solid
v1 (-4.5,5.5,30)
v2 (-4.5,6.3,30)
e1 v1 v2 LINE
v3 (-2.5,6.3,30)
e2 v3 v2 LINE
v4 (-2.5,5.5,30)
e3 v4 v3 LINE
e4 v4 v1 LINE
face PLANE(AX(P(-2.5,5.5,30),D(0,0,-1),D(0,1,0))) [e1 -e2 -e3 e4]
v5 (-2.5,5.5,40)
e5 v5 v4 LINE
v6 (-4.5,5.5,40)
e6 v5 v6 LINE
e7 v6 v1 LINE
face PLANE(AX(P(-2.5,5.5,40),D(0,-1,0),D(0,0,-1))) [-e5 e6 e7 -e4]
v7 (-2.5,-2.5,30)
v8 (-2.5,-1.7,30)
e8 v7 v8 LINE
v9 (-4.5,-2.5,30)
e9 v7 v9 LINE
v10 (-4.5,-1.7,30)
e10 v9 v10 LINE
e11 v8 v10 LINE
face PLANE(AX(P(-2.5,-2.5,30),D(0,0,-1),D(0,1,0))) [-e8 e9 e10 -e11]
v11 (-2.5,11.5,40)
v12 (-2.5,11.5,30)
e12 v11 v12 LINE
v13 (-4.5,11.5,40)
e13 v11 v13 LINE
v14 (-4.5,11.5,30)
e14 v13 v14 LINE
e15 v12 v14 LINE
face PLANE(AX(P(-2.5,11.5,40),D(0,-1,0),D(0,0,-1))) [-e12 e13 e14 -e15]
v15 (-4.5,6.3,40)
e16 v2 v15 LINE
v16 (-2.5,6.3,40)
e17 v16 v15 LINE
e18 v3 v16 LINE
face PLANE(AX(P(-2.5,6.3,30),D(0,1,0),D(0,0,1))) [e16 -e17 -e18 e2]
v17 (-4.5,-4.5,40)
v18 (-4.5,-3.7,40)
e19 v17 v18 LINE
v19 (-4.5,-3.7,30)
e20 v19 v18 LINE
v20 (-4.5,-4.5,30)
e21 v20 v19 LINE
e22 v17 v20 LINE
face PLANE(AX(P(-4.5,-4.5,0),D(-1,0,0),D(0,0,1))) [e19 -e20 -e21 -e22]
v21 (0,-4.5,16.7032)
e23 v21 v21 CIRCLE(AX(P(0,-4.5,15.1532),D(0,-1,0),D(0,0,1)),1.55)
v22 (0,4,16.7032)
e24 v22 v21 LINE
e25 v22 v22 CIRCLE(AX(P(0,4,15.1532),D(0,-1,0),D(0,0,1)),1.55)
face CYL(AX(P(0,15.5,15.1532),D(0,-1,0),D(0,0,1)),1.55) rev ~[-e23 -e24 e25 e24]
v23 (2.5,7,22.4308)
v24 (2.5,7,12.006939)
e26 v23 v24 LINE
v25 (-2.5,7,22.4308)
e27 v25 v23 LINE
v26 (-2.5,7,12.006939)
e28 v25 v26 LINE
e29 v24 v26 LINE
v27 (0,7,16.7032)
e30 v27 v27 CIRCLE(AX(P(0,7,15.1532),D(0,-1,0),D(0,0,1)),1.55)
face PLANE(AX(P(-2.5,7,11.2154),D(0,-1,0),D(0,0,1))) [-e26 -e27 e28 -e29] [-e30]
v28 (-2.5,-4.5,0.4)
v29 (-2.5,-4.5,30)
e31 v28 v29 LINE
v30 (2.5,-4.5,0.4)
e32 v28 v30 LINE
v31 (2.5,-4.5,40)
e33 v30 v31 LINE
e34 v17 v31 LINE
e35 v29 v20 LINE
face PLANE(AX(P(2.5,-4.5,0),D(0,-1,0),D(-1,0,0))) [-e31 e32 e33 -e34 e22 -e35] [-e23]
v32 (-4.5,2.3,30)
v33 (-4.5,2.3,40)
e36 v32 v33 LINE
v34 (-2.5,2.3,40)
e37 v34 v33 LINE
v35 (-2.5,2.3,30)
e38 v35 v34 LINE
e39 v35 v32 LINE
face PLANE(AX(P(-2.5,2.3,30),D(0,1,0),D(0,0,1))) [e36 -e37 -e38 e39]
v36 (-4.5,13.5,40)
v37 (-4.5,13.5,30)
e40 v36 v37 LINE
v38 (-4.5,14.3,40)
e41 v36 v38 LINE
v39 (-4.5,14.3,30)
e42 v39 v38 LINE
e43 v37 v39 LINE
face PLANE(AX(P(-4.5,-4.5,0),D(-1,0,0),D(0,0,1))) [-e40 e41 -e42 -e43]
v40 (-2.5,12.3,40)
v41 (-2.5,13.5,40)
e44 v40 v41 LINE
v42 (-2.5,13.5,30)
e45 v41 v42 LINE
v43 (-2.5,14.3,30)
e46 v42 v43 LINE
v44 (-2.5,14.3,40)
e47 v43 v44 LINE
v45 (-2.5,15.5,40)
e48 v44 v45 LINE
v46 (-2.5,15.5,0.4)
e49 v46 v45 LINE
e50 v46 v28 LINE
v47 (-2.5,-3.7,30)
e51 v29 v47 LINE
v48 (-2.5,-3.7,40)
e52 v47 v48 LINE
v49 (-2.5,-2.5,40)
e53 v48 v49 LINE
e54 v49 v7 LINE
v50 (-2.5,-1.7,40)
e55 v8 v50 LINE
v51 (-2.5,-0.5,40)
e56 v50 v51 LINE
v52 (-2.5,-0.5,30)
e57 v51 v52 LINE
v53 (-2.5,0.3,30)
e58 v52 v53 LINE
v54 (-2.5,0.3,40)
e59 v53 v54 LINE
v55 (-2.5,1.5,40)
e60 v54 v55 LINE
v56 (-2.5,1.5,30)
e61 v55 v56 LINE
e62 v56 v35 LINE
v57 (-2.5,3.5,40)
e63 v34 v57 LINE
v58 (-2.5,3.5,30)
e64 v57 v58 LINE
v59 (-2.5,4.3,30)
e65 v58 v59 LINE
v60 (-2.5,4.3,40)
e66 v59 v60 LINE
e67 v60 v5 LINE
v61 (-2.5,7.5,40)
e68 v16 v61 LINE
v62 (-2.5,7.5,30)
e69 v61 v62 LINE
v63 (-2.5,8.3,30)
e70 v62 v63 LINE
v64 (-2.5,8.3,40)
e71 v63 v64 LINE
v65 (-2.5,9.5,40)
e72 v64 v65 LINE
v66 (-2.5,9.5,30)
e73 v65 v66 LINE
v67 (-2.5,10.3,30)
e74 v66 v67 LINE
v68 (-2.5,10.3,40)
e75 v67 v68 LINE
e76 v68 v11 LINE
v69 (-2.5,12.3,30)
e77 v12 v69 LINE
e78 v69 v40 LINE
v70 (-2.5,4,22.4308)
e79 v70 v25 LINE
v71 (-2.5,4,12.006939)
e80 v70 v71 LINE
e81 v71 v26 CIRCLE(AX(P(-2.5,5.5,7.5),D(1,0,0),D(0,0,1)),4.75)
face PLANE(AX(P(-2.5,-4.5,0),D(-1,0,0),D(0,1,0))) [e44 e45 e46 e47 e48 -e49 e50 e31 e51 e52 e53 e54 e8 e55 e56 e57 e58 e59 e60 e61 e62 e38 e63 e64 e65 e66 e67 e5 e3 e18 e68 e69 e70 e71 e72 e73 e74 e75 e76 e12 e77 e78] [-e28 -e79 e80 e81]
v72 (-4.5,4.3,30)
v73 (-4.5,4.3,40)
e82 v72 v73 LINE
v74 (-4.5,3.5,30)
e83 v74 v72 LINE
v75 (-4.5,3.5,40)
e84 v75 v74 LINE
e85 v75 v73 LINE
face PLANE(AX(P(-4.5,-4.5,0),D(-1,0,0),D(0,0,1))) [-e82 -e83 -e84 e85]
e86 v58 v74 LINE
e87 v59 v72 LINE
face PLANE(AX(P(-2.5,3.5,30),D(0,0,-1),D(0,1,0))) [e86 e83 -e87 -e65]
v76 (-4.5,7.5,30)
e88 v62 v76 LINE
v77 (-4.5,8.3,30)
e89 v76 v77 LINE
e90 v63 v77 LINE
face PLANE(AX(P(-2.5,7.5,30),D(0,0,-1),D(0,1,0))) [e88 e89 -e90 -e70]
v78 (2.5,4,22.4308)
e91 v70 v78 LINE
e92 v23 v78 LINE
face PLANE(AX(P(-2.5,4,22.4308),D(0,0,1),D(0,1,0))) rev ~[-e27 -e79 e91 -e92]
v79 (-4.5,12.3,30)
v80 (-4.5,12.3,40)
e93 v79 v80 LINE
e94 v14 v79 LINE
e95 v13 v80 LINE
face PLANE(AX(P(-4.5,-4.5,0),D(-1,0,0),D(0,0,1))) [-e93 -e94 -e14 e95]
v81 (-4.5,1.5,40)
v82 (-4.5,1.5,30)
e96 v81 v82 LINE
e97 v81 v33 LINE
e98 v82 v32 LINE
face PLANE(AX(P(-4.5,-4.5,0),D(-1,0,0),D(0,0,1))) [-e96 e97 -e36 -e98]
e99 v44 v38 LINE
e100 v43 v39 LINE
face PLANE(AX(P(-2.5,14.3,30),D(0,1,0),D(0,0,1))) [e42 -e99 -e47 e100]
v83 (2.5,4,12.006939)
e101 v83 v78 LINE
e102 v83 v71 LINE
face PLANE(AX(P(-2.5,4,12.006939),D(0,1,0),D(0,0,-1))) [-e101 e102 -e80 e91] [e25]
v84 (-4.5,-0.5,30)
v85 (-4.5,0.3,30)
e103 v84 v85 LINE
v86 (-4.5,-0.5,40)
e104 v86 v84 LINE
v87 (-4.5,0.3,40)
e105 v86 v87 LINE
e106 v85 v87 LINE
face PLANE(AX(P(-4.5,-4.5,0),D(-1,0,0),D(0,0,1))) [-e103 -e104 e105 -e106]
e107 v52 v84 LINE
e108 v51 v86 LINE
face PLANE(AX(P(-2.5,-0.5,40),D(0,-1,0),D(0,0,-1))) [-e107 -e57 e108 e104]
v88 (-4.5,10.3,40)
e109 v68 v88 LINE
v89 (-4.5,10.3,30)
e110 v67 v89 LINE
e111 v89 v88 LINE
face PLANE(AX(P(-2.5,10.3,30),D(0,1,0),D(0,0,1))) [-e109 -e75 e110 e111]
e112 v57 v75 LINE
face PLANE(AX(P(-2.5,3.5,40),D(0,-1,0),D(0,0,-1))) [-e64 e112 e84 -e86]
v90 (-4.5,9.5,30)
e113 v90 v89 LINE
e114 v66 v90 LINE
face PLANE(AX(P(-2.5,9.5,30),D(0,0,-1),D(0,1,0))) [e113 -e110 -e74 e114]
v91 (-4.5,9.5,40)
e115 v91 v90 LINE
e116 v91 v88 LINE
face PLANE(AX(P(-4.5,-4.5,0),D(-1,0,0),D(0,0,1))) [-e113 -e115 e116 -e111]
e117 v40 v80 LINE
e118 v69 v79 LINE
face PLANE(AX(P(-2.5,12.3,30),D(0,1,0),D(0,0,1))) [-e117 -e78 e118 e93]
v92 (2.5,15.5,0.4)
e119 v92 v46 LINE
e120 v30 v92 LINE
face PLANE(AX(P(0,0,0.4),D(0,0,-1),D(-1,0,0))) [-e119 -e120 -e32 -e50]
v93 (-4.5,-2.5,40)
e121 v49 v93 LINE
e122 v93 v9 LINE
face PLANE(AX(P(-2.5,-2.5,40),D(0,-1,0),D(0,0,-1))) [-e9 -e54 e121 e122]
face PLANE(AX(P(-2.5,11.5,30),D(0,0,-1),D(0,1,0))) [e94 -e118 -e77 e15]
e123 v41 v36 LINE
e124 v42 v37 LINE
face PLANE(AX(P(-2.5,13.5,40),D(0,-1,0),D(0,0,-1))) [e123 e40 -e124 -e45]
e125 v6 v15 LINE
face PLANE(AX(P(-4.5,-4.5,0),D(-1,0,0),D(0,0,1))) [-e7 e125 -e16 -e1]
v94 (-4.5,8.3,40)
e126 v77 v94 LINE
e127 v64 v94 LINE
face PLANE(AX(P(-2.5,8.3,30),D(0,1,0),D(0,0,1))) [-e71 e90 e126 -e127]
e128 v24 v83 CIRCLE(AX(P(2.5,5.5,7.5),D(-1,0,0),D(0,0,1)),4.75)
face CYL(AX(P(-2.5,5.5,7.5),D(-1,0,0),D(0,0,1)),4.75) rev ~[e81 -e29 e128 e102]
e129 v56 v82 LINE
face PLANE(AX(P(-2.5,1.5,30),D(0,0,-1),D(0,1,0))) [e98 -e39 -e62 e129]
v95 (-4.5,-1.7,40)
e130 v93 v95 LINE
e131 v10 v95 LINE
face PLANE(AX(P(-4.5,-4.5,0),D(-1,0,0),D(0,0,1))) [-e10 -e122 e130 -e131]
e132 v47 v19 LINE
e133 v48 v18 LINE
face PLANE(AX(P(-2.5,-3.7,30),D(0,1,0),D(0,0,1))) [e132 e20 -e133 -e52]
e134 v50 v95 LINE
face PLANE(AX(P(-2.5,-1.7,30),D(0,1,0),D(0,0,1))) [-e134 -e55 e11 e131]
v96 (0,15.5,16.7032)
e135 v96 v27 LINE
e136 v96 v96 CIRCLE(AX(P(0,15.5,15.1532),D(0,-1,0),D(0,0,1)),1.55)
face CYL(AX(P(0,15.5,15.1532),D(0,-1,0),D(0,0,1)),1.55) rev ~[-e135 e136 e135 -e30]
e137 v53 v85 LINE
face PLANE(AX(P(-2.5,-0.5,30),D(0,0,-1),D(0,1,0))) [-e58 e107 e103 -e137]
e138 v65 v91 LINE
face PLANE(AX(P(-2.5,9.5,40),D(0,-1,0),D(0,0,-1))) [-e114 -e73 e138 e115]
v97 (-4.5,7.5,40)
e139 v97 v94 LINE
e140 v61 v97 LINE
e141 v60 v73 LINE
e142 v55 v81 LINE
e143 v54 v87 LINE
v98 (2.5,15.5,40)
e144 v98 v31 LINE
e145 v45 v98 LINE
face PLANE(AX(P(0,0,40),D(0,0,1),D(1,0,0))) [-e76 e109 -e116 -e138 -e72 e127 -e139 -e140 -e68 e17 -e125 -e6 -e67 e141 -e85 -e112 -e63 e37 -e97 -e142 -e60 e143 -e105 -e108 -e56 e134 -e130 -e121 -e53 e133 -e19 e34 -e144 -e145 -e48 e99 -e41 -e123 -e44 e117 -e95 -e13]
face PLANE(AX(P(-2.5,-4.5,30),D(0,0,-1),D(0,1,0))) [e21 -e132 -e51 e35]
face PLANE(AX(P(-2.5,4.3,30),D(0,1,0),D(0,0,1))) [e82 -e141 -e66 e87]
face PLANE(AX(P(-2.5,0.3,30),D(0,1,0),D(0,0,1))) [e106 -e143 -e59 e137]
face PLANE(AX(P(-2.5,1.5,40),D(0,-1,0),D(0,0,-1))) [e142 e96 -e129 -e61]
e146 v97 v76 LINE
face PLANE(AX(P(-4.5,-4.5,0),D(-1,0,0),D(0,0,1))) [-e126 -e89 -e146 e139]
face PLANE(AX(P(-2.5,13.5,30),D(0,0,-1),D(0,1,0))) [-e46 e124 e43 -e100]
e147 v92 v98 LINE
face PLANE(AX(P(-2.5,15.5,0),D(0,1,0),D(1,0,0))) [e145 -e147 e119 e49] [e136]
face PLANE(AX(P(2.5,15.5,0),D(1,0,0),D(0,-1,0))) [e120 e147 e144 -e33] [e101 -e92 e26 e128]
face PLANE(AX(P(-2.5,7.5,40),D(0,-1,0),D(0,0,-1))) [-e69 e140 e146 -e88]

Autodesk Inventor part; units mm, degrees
ref_plane "YZ Plane" through (0, 0, 0) normal (1, 0, 0) x (0, 1, 0)
ref_plane "XZ Plane" through (0, 0, 0) normal (0, 1, 0) x (-1, 0, 0)
ref_plane "XY Plane" through (0, 0, 0) normal (0, 0, 1) x (1, 0, 0)
sketch "Sketch1" plane through (0, 0, 0) normal (0, 0, 1) x (1, 0, 0)
  line L0 (-2.5, 15.5) -> (2.5, 15.5)
  line L1 (2.5, 15.5) -> (2.5, -4.5)
  line L2 (2.5, -4.5) -> (-2.5, -4.5)
  line L3 (-2.5, -4.5) -> (-2.5, 15.5)
  point P0 (0, 0)
  dimension "d0" = 5
  dimension "d1" = 20
extrude "Extrusion1" add sketch "Sketch1" along normal blind 40
sketch "Sketch3" plane through (-2.5, -4.5, 0) normal (-1, 0, 0) x (0, 0, 1)
  line L0 (0, 0) -> (0, 20) projected
  line L1 (0, 10) -> (2.5, 10)
  line L2 (2.5, 10) -> (7.5, 10)
  circle A0 centre (7.5, 10) radius 4.75
  point P0 (0, 4.5)
  dimension "d7" = 2.5
  dimension "d38" = 5
  dimension "d39" = 9.5
extrude "Extrusion2" cut sketch "Sketch3" against normal blind 8
sketch "Sketch4" plane through (-2.5, -4.5, 0) normal (-1, 0, 0) x (0, 0, 1)
  line L0 (40, 0) -> (40, 20) projected
  line L1 (40, 0) -> (30, 0)
  line L2 (30, 0) -> (30, 0.8)
  line L3 (30, 0.8) -> (40, 0.8)
  line L4 (40, 0.8) -> (40, 0)
  line L5 (40, 0.8) -> (40, 2)
  line L6 (40, 2) -> (30, 2)
  line L7 (30, 2) -> (30, 2.8)
  line L8 (30, 2.8) -> (40, 2.8)
  line L9 (40, 2.8) -> (40, 2)
  line L10 (40, 2.8) -> (40, 4)
  line L11 (40, 4) -> (30, 4)
  line L12 (30, 4) -> (30, 4.8)
  line L13 (30, 4.8) -> (40, 4.8)
  line L14 (40, 4.8) -> (40, 4)
  line L15 (40, 4.8) -> (40, 6)
  line L16 (40, 6) -> (30, 6)
  line L17 (30, 6) -> (30, 6.8)
  line L18 (30, 6.8) -> (40, 6.8)
  line L19 (40, 6.8) -> (40, 6)
  line L20 (40, 6.8) -> (40, 8)
  line L21 (40, 8) -> (30, 8)
  line L22 (30, 8) -> (30, 8.8)
  line L23 (30, 8.8) -> (40, 8.8)
  line L24 (40, 8.8) -> (40, 8)
  line L25 (40, 8.8) -> (40, 10)
  line L26 (40, 10) -> (30, 10)
  line L27 (30, 10) -> (30, 10.8)
  line L28 (30, 10.8) -> (40, 10.8)
  line L29 (40, 10.8) -> (40, 10)
  line L30 (40, 10.8) -> (40, 12)
  line L31 (40, 12) -> (30, 12)
  line L32 (30, 12) -> (30, 12.8)
  line L33 (30, 12.8) -> (40, 12.8)
  line L34 (40, 12.8) -> (40, 12)
  line L35 (40, 12.8) -> (40, 14)
  line L36 (40, 14) -> (30, 14)
  line L37 (30, 14) -> (30, 14.8)
  line L38 (30, 14.8) -> (40, 14.8)
  line L39 (40, 14.8) -> (40, 14)
  line L40 (40, 14.8) -> (40, 16)
  line L41 (40, 16) -> (30, 16)
  line L42 (30, 16) -> (30, 16.8)
  line L43 (30, 16.8) -> (40, 16.8)
  line L44 (40, 16.8) -> (40, 16)
  line L45 (40, 16.8) -> (40, 18)
  line L46 (40, 18) -> (30, 18)
  line L47 (30, 18) -> (30, 18.8)
  line L48 (30, 18.8) -> (40, 18.8)
  line L49 (40, 18.8) -> (40, 18)
  point P0 (0, 4.5)
  dimension "d12" = 10
  dimension "d13" = 0.8
  dimension "d14" = 1.2
  dimension "d15" = 0.8
  dimension "d16" = 1.2
  dimension "d17" = 0.8
  dimension "d18" = 1.2
  dimension "d19" = 0.8
  dimension "d20" = 1.2
  dimension "d21" = 0.8
  dimension "d22" = 1.2
  dimension "d29" = 0.8
  dimension "d30" = 1.2
  dimension "d31" = 0.8
  dimension "d32" = 1.2
  dimension "d33" = 0.8
  dimension "d34" = 1.2
  dimension "d35" = 0.8
  dimension "d36" = 1.2
  dimension "d37" = 0.8
extrude "Extrusion3" add sketch "Sketch4" along normal blind 2
sketch "Sketch5" plane through (-2.5, -4.5, 0) normal (-1, 0, 0) x (0, 0, 1)
  circle A0 centre (7.5, 10) radius 4.75 projected
  line L0 (12.4308, 11.5) -> (18, 11.5)
  line L1 (22.4308, 8.5) -> (22.4308, 11.5)
  line L2 (22.4308, 11.5) -> (18, 11.5)
  line L3 (22.4308, 8.5) -> (11.2154, 8.5)
  line L4 (11.2154, 8.5) -> (11.2154, 11.5)
  line L5 (11.2154, 11.5) -> (12.4308, 11.5)
  point P0 (0, 4.5)
extrude "Extrusion4" cut sketch "Sketch5" against normal blind 40 contours A0 L3 L4 L5 | A0 L5 L0 L2 L1 L3 picked at (11.5603, 10)
sketch "Sketch6" plane through (-2.5, 15.5, 0) normal (0, 1, 0) x (1, 0, 0)
  line L0 (0, 0) -> (0, -40) projected
  line L1 (0, -15.1532) -> (2.5, -15.1532)
  point P0 (2.5, 0)
hole "Hole1" at (0, 15.5, 15.1532) direction (0, -1, 0) diameter 3.1 depth 49.5
sketch "Sketch7" plane through (0, 0, 0) normal (0, 0, -1) x (-1, 0, 0)
  line L0 (-2.5, -4.5) -> (-2.5, 15.5) projected
  line L1 (-2.5, 15.5) -> (2.5392, 15.5)
  line L2 (2.5392, 15.5) -> (2.5392, -4.5)
  line L3 (2.5392, -4.5) -> (-2.5, -4.5)
  line L4 (-2.5, -4.5) -> (-2.5, 15.5)
  point P0 (0, 0)
extrude "Extrusion5" cut sketch "Sketch7" against normal blind 0.4
properties part number "teethset"
